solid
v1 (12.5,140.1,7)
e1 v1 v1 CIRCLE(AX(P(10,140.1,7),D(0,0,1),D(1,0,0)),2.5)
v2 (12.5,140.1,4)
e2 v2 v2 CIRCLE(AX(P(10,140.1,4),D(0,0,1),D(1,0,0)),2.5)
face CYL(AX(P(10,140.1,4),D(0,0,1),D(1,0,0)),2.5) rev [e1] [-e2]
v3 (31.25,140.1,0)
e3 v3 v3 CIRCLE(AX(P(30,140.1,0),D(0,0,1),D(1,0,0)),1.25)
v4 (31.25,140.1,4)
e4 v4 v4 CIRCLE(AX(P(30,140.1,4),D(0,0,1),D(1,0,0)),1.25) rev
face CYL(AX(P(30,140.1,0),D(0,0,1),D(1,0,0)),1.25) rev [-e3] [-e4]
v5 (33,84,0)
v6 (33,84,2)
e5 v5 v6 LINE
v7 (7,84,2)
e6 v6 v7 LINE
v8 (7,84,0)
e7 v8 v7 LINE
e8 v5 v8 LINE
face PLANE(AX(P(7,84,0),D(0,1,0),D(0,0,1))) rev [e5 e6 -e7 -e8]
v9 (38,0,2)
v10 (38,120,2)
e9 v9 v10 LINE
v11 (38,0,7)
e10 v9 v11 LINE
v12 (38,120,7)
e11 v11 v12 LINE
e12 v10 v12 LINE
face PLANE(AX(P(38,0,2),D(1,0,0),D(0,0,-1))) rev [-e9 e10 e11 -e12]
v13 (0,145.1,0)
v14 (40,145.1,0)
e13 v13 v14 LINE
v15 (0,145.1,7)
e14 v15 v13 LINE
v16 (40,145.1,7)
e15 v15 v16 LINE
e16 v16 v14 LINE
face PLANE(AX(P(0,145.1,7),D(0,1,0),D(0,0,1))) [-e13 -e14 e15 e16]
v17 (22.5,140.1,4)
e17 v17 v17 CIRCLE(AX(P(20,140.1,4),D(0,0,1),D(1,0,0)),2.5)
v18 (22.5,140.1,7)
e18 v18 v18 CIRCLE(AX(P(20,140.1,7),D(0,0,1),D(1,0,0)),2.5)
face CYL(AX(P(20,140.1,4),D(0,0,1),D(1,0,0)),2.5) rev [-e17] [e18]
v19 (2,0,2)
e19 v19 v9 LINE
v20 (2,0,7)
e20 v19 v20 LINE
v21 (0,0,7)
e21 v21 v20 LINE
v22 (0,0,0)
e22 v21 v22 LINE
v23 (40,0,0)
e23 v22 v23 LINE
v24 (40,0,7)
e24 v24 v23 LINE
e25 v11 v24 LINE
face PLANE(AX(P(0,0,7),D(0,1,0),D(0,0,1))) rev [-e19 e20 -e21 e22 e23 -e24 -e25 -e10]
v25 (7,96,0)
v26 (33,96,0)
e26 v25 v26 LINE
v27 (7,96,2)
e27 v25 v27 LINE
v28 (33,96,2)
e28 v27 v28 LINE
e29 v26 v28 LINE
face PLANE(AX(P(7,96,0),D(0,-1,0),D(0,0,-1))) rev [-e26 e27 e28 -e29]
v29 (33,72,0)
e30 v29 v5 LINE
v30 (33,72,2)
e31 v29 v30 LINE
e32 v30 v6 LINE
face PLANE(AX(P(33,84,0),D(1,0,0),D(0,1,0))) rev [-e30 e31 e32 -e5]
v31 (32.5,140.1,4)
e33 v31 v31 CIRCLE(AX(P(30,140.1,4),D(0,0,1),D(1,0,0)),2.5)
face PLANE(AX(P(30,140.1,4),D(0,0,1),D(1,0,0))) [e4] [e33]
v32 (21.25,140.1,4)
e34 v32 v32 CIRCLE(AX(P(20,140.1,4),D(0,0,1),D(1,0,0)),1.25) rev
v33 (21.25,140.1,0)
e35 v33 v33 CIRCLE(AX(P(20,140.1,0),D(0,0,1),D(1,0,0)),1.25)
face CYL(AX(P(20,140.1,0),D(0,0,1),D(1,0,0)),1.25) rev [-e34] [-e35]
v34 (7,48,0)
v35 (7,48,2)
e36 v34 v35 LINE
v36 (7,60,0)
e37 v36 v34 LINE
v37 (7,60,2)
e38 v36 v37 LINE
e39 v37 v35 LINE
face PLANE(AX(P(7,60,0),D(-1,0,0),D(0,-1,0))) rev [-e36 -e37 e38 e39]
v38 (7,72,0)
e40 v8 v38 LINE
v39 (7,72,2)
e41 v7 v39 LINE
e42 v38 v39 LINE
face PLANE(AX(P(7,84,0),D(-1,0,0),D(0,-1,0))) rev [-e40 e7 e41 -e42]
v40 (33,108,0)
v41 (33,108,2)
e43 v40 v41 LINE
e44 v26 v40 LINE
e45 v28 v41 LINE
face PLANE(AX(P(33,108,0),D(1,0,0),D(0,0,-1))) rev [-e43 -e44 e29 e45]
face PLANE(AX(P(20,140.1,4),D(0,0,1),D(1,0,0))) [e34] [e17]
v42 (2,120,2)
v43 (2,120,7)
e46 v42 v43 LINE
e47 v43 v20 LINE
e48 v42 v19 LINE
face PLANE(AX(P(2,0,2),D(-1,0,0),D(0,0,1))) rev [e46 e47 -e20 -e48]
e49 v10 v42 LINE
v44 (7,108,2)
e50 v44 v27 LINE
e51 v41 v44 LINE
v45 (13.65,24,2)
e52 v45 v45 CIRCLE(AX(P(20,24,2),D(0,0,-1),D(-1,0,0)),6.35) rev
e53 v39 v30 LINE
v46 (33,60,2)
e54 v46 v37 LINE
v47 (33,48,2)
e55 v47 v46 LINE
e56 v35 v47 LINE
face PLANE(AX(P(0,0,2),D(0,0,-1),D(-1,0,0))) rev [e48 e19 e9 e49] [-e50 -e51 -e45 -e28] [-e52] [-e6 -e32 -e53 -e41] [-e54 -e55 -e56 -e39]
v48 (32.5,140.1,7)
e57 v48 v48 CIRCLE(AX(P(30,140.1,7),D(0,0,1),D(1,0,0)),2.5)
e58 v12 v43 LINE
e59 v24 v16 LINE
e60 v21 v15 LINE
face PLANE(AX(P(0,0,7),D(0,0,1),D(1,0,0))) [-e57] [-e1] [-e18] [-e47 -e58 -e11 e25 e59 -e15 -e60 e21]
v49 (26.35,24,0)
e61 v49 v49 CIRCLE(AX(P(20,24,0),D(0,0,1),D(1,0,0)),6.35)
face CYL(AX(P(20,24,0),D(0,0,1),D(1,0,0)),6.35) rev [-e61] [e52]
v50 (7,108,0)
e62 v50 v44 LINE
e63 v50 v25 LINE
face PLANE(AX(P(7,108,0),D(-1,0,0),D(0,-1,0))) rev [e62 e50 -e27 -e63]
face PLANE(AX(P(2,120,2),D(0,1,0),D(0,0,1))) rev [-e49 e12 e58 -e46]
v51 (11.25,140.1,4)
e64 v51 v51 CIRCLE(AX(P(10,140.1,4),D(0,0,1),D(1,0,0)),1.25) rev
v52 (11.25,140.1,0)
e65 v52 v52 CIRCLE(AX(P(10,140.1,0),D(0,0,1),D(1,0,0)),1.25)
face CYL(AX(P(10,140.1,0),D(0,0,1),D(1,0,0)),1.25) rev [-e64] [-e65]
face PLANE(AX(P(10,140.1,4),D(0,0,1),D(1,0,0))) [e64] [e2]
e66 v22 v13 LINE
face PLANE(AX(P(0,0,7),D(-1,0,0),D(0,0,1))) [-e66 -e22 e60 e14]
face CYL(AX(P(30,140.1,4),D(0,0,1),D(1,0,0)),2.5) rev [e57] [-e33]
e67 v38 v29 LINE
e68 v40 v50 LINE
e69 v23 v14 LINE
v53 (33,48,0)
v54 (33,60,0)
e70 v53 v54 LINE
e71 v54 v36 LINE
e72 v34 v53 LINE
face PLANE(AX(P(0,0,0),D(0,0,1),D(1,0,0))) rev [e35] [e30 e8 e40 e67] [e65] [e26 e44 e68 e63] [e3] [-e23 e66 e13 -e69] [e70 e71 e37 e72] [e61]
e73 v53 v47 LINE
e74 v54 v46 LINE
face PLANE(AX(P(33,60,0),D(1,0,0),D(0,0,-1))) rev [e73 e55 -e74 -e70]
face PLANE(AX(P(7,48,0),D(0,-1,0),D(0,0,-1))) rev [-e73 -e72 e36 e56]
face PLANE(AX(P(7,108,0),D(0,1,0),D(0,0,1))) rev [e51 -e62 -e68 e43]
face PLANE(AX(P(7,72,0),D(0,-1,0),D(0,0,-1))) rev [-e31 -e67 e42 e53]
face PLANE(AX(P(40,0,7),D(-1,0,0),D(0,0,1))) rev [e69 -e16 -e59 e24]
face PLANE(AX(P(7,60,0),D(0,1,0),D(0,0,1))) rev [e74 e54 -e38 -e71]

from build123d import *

# Parameters (mm, degrees)
SKETCH1_W           = 40
SKETCH1_H           = 145.1
BOSS_EXTRUDE1_DEPTH = 7
SKETCH2_R           = 1.25
CUT_EXTRUDE1_DEPTH  = 7
SKETCH3_R           = 2.5
CUT_EXTRUDE2_DEPTH  = 3
SKETCH4_R           = 6.35
CUT_EXTRUDE3_DEPTH  = 8
SKETCH5_W           = 36
SKETCH5_H           = 120
CUT_EXTRUDE4_DEPTH  = 5
SKETCH6_W           = 26
SKETCH6_H           = 12
CUT_EXTRUDE5_DEPTH  = 3


with BuildPart() as part:
    # Sketch1 → Boss-Extrude1 (new body)
    with BuildSketch(Plane.XY):
        with Locations((20, 72.55)):
            Rectangle(SKETCH1_W, SKETCH1_H)
    extrude(amount=BOSS_EXTRUDE1_DEPTH)

    # Sketch2 → Cut-Extrude1 (cut)
    with BuildSketch(Plane.XY.offset(7)):
        with Locations((20, 140.1)):
            Circle(SKETCH2_R)
        with Locations((10, 140.1)):
            Circle(SKETCH2_R)
        with Locations((30, 140.1)):
            Circle(SKETCH2_R)
    extrude(amount=-CUT_EXTRUDE1_DEPTH, mode=Mode.SUBTRACT)

    # Sketch3 → Cut-Extrude2 (cut)
    with BuildSketch(Plane.XY.offset(7)):
        with Locations((10, 140.1)):
            Circle(SKETCH3_R)
        with Locations((20, 140.1)):
            Circle(SKETCH3_R)
        with Locations((30, 140.1)):
            Circle(SKETCH3_R)
    extrude(amount=-CUT_EXTRUDE2_DEPTH, mode=Mode.SUBTRACT)

    # Sketch4 → Cut-Extrude3 (cut, through all)
    with BuildSketch(Plane.XY.offset(7)):
        with Locations((20, 24)):
            Circle(SKETCH4_R)
    extrude(amount=-CUT_EXTRUDE3_DEPTH, mode=Mode.SUBTRACT)

    # Sketch5 → Cut-Extrude4 (cut)
    with BuildSketch(Plane.XY.offset(7)):
        with Locations((20, 60)):
            Rectangle(SKETCH5_W, SKETCH5_H)
    extrude(amount=-CUT_EXTRUDE4_DEPTH, mode=Mode.SUBTRACT)

    # Sketch6 → Cut-Extrude5 (cut, through all)
    with BuildSketch(Plane.XY.offset(2)):
        with Locations((20, 102)):
            Rectangle(SKETCH6_W, SKETCH6_H)
        with Locations((20, 78)):
            Rectangle(SKETCH6_W, SKETCH6_H)
        with Locations((20, 54)):
            Rectangle(SKETCH6_W, SKETCH6_H)
    extrude(amount=-CUT_EXTRUDE5_DEPTH, mode=Mode.SUBTRACT)


solid = part.part
